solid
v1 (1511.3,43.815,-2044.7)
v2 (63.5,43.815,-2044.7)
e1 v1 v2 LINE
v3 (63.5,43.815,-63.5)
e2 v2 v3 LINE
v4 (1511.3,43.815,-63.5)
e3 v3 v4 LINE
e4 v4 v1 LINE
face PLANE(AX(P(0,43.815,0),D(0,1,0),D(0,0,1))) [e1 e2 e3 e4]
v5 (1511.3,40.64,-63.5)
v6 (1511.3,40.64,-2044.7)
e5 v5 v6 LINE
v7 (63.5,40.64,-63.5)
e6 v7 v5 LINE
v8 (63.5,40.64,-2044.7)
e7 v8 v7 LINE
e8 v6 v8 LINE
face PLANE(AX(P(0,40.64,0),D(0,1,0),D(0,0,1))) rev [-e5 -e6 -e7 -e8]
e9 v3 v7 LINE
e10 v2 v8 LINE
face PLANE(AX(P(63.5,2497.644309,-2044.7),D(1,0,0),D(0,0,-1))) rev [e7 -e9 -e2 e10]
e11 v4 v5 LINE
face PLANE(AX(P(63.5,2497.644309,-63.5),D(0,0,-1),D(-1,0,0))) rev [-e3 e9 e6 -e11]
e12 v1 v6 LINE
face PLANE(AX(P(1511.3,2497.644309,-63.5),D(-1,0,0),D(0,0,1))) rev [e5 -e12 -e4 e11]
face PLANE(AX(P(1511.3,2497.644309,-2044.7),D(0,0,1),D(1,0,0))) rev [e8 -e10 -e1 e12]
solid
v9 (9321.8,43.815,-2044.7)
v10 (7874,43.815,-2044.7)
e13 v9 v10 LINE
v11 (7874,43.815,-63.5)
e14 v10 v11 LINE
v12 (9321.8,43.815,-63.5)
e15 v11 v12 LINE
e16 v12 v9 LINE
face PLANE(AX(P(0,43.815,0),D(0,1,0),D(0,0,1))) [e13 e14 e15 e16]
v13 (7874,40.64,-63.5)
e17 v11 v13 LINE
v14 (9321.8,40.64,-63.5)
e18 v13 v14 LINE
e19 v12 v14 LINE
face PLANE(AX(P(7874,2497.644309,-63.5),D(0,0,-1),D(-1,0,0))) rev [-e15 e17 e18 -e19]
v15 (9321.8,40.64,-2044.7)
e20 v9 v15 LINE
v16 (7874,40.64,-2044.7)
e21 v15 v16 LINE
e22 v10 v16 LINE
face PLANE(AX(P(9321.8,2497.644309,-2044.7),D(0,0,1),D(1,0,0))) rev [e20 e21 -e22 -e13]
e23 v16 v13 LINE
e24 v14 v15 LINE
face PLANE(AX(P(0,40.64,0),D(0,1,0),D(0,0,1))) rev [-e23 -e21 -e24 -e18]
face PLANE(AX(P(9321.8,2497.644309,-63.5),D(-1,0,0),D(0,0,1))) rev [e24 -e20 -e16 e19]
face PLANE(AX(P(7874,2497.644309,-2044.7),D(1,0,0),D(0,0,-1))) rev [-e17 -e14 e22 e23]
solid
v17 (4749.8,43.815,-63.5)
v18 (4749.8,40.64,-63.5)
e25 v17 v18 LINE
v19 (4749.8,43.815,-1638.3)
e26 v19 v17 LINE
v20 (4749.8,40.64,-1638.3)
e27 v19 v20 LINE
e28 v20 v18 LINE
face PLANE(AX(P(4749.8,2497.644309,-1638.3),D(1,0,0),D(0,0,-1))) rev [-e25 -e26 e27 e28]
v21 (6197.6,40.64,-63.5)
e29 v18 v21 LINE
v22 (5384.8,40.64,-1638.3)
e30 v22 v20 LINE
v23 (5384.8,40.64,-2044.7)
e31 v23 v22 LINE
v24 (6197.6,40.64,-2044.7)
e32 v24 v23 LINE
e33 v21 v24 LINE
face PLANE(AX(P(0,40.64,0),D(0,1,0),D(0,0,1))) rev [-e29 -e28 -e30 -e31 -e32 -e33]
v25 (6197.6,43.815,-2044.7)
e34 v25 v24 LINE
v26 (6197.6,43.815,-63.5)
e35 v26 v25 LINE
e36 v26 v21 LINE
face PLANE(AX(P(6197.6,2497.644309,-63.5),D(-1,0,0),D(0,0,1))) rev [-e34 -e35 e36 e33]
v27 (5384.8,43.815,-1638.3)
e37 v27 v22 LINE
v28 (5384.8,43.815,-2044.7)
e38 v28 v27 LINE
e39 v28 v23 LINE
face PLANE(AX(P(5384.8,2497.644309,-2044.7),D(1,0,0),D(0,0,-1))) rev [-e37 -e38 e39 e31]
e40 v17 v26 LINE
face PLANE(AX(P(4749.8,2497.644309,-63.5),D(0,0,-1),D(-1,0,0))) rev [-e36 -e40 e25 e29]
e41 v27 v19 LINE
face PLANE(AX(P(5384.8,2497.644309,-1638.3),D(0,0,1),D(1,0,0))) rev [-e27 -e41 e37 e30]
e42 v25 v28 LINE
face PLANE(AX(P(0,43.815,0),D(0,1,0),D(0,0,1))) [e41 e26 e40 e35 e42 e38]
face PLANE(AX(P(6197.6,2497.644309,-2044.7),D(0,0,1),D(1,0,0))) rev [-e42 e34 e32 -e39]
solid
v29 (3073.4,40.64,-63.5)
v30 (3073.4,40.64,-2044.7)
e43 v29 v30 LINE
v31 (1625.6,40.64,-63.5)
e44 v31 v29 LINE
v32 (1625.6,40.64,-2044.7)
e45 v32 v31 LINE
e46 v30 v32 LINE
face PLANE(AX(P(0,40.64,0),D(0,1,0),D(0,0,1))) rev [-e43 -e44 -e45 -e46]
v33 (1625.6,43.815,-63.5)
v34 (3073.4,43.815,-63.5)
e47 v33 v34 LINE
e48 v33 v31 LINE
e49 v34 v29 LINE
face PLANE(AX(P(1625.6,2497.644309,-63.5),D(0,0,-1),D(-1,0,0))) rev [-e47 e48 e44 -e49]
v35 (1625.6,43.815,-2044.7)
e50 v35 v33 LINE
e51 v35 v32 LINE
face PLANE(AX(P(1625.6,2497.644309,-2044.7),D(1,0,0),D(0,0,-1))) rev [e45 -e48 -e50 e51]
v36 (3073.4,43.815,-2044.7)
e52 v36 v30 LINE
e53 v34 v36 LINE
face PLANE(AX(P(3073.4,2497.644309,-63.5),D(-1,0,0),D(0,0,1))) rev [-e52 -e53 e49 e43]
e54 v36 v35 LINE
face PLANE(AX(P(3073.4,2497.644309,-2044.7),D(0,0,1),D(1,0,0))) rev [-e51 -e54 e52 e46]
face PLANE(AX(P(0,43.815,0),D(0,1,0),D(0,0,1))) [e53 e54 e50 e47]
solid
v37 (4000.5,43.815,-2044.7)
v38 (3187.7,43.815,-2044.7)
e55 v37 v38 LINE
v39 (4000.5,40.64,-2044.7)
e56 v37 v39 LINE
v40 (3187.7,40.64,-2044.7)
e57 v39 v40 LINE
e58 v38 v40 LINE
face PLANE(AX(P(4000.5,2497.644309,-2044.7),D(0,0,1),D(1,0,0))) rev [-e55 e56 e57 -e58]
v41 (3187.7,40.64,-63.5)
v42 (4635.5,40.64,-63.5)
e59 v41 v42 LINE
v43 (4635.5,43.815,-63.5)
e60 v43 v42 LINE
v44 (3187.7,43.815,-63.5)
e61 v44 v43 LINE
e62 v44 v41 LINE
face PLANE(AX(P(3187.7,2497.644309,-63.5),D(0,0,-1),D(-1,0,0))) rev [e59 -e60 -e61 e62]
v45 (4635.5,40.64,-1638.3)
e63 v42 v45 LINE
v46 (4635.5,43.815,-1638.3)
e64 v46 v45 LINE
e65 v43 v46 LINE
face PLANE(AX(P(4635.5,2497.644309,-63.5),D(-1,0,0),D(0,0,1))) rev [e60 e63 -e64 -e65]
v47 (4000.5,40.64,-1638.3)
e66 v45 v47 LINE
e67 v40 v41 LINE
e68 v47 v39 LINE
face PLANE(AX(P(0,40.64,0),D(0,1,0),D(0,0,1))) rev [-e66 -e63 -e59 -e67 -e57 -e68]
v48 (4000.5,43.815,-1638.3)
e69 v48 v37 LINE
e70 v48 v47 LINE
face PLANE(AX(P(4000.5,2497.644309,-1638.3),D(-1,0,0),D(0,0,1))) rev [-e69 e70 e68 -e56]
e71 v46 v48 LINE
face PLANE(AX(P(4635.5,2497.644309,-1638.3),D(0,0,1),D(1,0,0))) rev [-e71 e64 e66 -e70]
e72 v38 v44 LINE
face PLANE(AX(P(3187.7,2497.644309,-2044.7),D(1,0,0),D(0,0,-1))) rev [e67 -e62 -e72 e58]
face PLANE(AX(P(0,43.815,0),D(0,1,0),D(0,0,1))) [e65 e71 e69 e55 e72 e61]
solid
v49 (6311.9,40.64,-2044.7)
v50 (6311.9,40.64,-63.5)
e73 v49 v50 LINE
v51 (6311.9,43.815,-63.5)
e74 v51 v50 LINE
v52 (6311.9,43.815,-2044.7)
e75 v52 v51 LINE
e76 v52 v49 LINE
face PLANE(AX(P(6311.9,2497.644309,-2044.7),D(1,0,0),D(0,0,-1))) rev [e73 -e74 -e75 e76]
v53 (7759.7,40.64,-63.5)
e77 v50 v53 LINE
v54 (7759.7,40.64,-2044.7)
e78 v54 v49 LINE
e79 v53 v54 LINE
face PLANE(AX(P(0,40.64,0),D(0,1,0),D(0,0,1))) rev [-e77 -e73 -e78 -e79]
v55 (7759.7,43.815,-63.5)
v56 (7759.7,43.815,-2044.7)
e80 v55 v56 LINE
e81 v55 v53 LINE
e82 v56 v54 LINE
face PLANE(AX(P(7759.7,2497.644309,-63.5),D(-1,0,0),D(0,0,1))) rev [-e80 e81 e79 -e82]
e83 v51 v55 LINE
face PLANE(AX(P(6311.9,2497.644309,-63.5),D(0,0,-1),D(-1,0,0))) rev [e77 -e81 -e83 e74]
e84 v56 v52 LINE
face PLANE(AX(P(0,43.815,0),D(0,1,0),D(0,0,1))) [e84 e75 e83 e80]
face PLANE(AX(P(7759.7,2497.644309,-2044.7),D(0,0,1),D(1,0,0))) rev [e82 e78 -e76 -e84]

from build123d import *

# Parameters (mm, degrees)
SKETCH1_W             = 1447.8
SKETCH1_H             = 1981.2
BOSS_EXTRUDE3_DEPTH   = 3.175
BOSS_EXTRUDE3_2_DEPTH = 3.175
BOSS_EXTRUDE3_3_DEPTH = 3.175
BOSS_EXTRUDE3_4_DEPTH = 3.175
BOSS_EXTRUDE3_5_DEPTH = 3.175
BOSS_EXTRUDE3_6_DEPTH = 3.175


with BuildPart() as part:
    # Sketch1 → Boss-Extrude3 (new body)
    with BuildSketch(Plane(origin=(0, 40.64, 0), x_dir=(1, 0, 0), z_dir=(0, 1, 0))):
        with Locations((2349.5, 1054.1)):
            Rectangle(SKETCH1_W, SKETCH1_H)
    extrude(amount=BOSS_EXTRUDE3_DEPTH)


with BuildPart() as body_2:
    # Sketch1 → Boss-Extrude3 2 (new body)
    with BuildSketch(Plane(origin=(0, 40.64, 0), x_dir=(1, 0, 0), z_dir=(0, 1, 0))):
        with Locations((787.4, 1054.1)):
            Rectangle(SKETCH1_W, SKETCH1_H)
    extrude(amount=BOSS_EXTRUDE3_2_DEPTH)


with BuildPart() as body_3:
    # Sketch1 → Boss-Extrude3 3 (new body)
    with BuildSketch(Plane(origin=(0, 40.64, 0), x_dir=(1, 0, 0), z_dir=(0, 1, 0))):
        with Locations((8597.9, 1054.1)):
            Rectangle(SKETCH1_W, SKETCH1_H)
    extrude(amount=BOSS_EXTRUDE3_3_DEPTH)


with BuildPart() as body_4:
    # Sketch1 → Boss-Extrude3 4 (new body)
    with BuildSketch(Plane(origin=(0, 40.64, 0), x_dir=(1, 0, 0), z_dir=(0, 1, 0))):
        with Locations((7035.8, 1054.1)):
            Rectangle(SKETCH1_W, SKETCH1_H)
    extrude(amount=BOSS_EXTRUDE3_4_DEPTH)


with BuildPart() as body_5:
    # Sketch1 → Boss-Extrude3 5 (new body)
    with BuildSketch(Plane(origin=(0, 40.64, 0), x_dir=(1, 0, 0), z_dir=(0, 1, 0))):
        Polygon((6197.6, 2044.7), (5384.8, 2044.7), (5384.8, 1638.3), (4749.8, 1638.3), (4749.8, 63.5), (6197.6, 63.5), align=None)
    extrude(amount=BOSS_EXTRUDE3_5_DEPTH)


with BuildPart() as body_6:
    # Sketch1 → Boss-Extrude3 6 (new body)
    with BuildSketch(Plane(origin=(0, 40.64, 0), x_dir=(1, 0, 0), z_dir=(0, 1, 0))):
        Polygon((3187.7, 2044.7), (3187.7, 63.5), (4635.5, 63.5), (4635.5, 1638.3), (4000.5, 1638.3), (4000.5, 2044.7), align=None)
    extrude(amount=BOSS_EXTRUDE3_6_DEPTH)


solid = Compound([part.part, body_2.part, body_3.part, body_4.part, body_5.part, body_6.part])
